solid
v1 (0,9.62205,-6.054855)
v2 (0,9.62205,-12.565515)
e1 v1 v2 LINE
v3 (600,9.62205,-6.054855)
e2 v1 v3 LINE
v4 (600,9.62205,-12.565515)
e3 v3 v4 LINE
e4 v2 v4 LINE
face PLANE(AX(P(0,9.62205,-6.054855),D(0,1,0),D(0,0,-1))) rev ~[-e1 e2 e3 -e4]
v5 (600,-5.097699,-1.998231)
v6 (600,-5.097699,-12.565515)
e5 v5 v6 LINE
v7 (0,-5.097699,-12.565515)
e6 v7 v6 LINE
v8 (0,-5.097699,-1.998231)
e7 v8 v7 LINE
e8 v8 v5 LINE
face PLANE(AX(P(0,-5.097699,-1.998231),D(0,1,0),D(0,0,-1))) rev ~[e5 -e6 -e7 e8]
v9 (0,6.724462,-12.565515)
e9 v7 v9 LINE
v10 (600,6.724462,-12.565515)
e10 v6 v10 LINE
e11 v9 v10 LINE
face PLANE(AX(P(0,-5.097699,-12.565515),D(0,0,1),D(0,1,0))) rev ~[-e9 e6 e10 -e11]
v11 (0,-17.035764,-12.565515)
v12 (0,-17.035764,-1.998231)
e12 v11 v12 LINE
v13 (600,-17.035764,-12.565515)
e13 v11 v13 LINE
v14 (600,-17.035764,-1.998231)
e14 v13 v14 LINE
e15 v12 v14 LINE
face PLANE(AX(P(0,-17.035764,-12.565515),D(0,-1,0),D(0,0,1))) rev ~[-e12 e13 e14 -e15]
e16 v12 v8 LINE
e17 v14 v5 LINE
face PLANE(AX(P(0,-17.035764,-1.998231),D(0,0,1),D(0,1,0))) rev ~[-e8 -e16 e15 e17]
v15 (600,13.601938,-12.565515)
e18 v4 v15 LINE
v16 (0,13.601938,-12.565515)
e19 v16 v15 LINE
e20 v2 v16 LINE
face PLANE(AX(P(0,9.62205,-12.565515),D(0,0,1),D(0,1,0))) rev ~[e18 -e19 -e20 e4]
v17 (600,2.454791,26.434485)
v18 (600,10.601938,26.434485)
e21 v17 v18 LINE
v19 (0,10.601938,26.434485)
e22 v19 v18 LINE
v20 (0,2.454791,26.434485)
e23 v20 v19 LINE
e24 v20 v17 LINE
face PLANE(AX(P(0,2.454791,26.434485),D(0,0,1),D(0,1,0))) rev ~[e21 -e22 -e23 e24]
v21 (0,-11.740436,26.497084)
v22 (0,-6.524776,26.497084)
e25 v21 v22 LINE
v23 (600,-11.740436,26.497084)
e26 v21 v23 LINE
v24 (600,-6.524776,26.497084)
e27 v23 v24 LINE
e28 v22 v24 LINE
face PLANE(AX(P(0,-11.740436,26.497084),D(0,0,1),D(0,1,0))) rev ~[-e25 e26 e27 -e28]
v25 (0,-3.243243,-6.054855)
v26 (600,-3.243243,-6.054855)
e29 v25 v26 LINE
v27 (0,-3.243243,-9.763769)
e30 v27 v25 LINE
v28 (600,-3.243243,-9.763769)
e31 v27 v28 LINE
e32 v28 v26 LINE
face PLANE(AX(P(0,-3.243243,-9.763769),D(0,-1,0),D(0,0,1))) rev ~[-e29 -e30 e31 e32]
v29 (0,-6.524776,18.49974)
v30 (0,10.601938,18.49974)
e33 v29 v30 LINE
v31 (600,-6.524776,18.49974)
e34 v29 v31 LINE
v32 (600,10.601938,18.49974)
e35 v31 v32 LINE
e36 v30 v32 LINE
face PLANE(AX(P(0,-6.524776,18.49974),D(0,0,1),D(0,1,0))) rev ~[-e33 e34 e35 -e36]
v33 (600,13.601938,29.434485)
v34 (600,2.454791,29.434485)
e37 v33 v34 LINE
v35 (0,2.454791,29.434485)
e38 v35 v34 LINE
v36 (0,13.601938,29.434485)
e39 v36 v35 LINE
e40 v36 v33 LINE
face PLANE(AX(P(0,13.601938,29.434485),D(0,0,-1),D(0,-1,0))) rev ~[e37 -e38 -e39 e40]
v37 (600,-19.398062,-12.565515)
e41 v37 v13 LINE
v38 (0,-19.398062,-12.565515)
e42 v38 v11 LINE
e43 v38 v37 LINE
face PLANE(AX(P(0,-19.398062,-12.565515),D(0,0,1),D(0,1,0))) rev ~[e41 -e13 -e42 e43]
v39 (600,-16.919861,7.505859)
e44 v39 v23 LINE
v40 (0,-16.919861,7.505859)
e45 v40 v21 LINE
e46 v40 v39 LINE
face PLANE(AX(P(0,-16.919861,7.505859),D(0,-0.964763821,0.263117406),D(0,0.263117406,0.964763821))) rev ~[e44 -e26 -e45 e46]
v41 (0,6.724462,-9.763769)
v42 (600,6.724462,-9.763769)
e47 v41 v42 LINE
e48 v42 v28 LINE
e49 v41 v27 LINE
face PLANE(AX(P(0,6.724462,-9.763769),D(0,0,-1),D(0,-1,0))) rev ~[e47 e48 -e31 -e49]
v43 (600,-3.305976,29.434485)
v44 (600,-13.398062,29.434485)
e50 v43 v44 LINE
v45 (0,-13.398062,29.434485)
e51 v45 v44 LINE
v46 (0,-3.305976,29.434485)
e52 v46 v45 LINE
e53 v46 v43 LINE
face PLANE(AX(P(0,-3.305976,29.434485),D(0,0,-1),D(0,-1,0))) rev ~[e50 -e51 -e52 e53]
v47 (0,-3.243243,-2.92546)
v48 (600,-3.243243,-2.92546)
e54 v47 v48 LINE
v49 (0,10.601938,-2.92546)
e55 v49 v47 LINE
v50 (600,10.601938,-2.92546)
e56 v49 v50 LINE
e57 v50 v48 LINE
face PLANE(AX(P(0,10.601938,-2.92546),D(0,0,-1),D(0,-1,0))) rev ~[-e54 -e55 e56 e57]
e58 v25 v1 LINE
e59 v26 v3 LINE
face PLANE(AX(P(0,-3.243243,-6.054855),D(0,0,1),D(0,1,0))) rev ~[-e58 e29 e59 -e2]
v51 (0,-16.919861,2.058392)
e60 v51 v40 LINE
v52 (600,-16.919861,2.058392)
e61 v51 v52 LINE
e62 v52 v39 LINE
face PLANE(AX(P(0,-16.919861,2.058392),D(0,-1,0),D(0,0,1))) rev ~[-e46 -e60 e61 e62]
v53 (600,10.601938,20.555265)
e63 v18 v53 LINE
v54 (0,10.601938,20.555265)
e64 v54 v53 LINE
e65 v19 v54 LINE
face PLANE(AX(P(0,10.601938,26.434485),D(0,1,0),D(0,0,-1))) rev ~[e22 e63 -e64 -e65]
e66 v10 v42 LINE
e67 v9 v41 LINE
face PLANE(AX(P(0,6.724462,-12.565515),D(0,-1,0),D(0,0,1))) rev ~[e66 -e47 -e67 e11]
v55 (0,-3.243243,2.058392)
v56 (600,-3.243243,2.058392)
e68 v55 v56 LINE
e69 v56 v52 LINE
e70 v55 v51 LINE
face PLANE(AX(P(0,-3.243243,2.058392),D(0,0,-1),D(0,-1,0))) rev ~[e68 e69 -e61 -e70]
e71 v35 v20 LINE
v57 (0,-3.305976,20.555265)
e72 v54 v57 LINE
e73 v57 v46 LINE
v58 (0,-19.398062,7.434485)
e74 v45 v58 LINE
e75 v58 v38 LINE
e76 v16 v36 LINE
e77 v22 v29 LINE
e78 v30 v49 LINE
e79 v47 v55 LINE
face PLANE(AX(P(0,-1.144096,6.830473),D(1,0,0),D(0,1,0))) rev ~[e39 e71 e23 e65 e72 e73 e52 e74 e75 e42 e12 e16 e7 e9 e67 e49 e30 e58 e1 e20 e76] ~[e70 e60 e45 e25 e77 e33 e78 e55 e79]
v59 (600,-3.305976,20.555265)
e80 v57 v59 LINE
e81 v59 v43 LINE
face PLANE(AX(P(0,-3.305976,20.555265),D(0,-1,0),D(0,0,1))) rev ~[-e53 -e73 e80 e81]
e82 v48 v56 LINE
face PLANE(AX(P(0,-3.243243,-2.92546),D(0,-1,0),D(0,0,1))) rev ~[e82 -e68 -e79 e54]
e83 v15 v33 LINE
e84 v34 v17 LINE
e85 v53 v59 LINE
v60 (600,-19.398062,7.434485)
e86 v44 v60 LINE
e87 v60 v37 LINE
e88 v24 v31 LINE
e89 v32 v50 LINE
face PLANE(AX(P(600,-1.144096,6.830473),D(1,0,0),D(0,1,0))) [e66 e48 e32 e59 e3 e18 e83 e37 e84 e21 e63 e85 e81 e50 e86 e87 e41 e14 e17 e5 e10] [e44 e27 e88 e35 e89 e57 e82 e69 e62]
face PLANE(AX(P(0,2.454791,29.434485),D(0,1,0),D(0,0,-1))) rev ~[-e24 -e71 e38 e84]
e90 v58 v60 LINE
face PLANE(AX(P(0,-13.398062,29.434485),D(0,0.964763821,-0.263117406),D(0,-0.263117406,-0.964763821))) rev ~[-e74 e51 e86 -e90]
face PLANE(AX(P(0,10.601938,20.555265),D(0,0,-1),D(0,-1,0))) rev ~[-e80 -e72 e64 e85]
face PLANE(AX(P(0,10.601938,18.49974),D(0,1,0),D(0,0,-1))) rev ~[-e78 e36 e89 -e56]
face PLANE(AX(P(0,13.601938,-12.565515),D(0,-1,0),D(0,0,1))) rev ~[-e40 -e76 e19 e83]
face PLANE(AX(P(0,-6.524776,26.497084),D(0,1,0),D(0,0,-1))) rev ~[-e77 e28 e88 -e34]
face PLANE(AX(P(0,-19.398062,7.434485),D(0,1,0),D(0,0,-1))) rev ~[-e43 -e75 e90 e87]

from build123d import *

# Parameters (mm, degrees)
F1_DEPTH = 600


with BuildPart() as f1:
    # F0 (on Right) → F1 (new body)
    with BuildSketch(Plane.YZ):
        Polygon((-3.305976, 29.434485), (-13.398062, 29.434485), (-19.398062, 7.434485), (-19.398062, -12.565515), (-17.035764, -12.565515), (-17.035764, -1.998231), (-5.097699, -1.998231), (-5.097699, -12.565515), (6.724462, -12.565515), (6.724462, -9.763769), (-3.243243, -9.763769), (-3.243243, -6.054855), (9.62205, -6.054855), (9.62205, -12.565515), (13.601938, -12.565515), (13.601938, 29.434485), (2.454791, 29.434485), (2.454791, 26.434485), (10.601938, 26.434485), (10.601938, 20.555265), (-3.305976, 20.555265), align=None)
        Polygon((-16.919861, 7.505859), (-11.740436, 26.497084), (-6.524776, 26.497084), (-6.524776, 18.49974), (10.601938, 18.49974), (10.601938, -2.92546), (-3.243243, -2.92546), (-3.243243, 2.058392), (-16.919861, 2.058392), align=None, mode=Mode.SUBTRACT)
    extrude(amount=F1_DEPTH)


solid = f1.part
